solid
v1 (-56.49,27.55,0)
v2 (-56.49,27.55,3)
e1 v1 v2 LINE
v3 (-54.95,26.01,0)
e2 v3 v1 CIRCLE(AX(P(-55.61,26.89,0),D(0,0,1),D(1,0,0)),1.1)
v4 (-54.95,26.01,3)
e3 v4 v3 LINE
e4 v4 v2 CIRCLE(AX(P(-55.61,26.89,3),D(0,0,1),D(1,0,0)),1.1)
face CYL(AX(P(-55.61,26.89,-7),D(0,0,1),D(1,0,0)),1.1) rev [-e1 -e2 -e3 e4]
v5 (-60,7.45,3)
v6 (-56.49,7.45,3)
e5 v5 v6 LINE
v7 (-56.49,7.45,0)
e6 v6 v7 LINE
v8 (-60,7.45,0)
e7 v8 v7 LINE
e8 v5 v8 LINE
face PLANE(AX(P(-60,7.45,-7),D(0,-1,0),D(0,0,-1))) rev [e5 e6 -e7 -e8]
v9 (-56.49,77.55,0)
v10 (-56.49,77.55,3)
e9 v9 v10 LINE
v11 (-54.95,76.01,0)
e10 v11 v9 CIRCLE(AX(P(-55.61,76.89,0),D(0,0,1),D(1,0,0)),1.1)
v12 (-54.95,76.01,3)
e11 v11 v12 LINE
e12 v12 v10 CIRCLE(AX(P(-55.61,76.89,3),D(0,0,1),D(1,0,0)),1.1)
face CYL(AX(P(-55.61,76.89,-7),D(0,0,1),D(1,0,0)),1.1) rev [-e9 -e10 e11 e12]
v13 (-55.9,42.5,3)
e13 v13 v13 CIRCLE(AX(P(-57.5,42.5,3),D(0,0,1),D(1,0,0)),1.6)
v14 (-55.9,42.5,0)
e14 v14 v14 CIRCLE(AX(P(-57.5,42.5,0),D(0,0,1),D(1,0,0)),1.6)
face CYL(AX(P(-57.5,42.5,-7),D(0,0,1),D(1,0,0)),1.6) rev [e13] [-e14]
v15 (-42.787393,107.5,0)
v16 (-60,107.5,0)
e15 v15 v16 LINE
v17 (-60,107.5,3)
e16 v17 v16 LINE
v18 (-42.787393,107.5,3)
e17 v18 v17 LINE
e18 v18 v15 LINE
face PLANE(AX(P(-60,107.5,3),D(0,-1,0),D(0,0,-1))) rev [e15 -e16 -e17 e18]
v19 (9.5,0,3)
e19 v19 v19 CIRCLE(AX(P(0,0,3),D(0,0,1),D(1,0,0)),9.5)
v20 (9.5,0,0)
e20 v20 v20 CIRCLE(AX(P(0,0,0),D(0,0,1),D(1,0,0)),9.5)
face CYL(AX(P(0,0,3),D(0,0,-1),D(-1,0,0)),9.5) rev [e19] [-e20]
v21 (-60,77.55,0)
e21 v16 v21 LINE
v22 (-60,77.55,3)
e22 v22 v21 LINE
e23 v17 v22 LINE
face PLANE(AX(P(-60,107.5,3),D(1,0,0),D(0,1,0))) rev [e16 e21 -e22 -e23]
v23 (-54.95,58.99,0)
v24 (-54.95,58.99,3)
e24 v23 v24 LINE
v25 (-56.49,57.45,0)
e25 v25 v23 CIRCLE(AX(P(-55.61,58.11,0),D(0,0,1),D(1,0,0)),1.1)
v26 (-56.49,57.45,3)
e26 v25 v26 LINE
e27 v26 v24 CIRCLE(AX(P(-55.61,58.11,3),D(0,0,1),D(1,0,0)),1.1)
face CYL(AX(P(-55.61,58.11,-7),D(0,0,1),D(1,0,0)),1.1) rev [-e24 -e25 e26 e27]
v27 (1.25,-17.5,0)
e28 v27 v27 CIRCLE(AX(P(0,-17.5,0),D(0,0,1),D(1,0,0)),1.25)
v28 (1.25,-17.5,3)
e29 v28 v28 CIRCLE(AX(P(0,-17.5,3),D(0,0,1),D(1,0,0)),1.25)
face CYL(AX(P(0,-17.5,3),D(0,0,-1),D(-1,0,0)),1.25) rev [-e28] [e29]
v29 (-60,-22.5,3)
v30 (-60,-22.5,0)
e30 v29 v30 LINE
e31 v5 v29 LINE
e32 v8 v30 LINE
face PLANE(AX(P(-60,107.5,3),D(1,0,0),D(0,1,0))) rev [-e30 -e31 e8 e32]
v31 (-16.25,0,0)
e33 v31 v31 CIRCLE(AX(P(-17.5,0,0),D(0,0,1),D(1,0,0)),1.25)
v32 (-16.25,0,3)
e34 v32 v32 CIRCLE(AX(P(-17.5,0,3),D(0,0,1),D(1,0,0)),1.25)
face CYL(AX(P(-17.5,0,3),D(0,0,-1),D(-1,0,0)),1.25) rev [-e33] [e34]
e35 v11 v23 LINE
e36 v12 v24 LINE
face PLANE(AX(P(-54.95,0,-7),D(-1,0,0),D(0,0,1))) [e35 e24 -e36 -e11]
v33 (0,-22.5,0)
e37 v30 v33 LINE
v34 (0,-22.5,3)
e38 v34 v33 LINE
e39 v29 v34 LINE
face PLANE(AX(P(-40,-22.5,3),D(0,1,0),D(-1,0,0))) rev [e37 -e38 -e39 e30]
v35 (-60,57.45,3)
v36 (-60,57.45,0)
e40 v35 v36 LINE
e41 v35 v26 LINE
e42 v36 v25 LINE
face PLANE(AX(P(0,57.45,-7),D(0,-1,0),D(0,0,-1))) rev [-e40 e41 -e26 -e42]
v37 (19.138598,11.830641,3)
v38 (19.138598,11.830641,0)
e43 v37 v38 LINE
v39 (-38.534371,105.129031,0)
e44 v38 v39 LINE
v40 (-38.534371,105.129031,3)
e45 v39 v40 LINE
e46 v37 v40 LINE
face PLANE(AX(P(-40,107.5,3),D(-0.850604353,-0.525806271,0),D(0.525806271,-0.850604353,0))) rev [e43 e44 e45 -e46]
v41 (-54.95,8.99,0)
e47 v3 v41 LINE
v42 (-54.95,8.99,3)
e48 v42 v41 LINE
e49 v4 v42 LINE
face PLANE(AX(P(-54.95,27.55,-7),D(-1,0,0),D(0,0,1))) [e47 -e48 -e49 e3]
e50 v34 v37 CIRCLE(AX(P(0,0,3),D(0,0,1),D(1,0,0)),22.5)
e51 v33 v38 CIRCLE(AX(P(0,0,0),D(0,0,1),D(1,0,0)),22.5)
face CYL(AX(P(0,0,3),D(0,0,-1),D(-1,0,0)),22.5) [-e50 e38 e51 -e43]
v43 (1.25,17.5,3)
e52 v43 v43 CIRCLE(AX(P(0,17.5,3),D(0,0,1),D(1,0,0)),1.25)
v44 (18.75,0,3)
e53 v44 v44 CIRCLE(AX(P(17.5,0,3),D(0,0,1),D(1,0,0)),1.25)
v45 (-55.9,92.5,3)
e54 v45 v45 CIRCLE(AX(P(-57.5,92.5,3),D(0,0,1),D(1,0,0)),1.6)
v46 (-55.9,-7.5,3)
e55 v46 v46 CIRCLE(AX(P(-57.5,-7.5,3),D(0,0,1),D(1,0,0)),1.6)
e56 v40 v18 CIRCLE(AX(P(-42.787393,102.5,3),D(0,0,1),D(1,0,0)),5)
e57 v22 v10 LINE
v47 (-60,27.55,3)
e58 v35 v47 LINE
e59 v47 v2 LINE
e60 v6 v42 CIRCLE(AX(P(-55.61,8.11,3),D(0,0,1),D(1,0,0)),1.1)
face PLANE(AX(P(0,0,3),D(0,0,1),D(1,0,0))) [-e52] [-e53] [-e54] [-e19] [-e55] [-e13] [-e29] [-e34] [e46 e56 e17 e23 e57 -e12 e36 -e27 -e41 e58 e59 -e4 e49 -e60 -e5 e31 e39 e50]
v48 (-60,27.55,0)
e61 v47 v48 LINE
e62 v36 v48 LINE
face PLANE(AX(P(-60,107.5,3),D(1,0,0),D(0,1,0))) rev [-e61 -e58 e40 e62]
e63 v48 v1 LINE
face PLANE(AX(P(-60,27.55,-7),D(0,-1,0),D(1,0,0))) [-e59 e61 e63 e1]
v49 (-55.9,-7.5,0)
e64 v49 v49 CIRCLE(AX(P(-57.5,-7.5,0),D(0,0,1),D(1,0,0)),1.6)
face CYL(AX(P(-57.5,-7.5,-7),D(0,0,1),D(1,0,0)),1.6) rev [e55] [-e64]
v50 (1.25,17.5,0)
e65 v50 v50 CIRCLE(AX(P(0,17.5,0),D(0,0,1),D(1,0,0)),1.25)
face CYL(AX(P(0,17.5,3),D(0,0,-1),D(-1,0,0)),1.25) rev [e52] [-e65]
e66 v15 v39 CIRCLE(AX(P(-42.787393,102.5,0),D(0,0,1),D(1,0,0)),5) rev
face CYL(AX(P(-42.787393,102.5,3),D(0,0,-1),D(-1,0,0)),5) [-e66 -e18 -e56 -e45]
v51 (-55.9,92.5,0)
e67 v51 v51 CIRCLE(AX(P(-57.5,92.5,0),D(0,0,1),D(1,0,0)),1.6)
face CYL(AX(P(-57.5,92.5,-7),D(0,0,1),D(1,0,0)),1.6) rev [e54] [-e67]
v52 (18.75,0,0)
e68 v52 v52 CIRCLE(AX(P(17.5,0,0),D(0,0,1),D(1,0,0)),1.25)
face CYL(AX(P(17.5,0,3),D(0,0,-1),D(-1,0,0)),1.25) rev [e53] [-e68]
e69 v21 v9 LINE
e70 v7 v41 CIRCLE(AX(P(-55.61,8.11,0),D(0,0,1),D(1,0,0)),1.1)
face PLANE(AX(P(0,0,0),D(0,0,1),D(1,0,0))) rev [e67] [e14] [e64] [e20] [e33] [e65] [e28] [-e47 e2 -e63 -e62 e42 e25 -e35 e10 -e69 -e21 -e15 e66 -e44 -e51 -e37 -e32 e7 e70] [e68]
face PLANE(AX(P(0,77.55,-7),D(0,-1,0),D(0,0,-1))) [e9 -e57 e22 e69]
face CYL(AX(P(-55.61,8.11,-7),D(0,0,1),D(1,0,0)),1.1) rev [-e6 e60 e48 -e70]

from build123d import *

# Parameters (mm, degrees)
SKETCH_2_R          = 9.5
SKETCH_2_R_2        = 1.25
EXTRUDE_1_DEPTH     = 3
FILLET_3_R          = 5
SKETCH_4_R          = 1.6
SKETCH_4_R_2        = 1.1
SKETCH_4_W          = 5.05
SKETCH_4_H          = 20.1
CUT_EXTRUDE_1_DEPTH = 10


with BuildPart() as part:
    # ｽｹｯﾁ2 → ﾎﾞｽ - 押し出し1 (new body)
    with BuildSketch(Plane.XY):
        with BuildLine():
            Line((-60, 107.5), (-60, -22.5))
            Line((-60, -22.5), (-40, -22.5))
            Line((-40, -22.5), (0, -22.5))
            ThreePointArc((0, -22.5), (19.65247344, -10.9558335), (19.138597944, 11.830641096))
            Line((19.138597944, 11.830641096), (-40, 107.5))
            Line((-40, 107.5), (-60, 107.5))
        make_face()
        Circle(SKETCH_2_R, mode=Mode.SUBTRACT)
        with Locations((0, 17.5)):
            Circle(SKETCH_2_R_2, mode=Mode.SUBTRACT)
        with Locations((17.5, 0)):
            Circle(SKETCH_2_R_2, mode=Mode.SUBTRACT)
        with Locations((0, -17.5)):
            Circle(SKETCH_2_R_2, mode=Mode.SUBTRACT)
        with Locations((-17.5, 0)):
            Circle(SKETCH_2_R_2, mode=Mode.SUBTRACT)
    extrude(amount=EXTRUDE_1_DEPTH)

    # ﾌｨﾚｯﾄ3
    fillet_3_edges = [part.edges().sort_by_distance(p)[0] for p in [
        (-40, 107.5, 1.5),
    ]]
    fillet(fillet_3_edges, radius=FILLET_3_R)

    # ｽｹｯﾁ4 → ｶｯﾄ - 押し出し1 (cut)
    with BuildSketch(Plane.XY.offset(3)):
        with Locations((-57.5, -7.5)):
            Circle(SKETCH_4_R)
        with Locations((-57.5, 42.5)):
            Circle(SKETCH_4_R)
        with Locations((-57.5, 92.5)):
            Circle(SKETCH_4_R)
        with Locations((-55.61, 26.89)):
            Circle(SKETCH_4_R_2)
        with Locations((-55.61, 8.11)):
            Circle(SKETCH_4_R_2)
        with Locations((-55.61, 58.11)):
            Circle(SKETCH_4_R_2)
        with Locations((-55.61, 76.89)):
            Circle(SKETCH_4_R_2)
        with Locations((-57.475, 67.5)):
            Rectangle(SKETCH_4_W, SKETCH_4_H)
        with Locations((-57.475, 17.5)):
            Rectangle(SKETCH_4_W, SKETCH_4_H)
    extrude(amount=-CUT_EXTRUDE_1_DEPTH, mode=Mode.SUBTRACT)


solid = part.part
